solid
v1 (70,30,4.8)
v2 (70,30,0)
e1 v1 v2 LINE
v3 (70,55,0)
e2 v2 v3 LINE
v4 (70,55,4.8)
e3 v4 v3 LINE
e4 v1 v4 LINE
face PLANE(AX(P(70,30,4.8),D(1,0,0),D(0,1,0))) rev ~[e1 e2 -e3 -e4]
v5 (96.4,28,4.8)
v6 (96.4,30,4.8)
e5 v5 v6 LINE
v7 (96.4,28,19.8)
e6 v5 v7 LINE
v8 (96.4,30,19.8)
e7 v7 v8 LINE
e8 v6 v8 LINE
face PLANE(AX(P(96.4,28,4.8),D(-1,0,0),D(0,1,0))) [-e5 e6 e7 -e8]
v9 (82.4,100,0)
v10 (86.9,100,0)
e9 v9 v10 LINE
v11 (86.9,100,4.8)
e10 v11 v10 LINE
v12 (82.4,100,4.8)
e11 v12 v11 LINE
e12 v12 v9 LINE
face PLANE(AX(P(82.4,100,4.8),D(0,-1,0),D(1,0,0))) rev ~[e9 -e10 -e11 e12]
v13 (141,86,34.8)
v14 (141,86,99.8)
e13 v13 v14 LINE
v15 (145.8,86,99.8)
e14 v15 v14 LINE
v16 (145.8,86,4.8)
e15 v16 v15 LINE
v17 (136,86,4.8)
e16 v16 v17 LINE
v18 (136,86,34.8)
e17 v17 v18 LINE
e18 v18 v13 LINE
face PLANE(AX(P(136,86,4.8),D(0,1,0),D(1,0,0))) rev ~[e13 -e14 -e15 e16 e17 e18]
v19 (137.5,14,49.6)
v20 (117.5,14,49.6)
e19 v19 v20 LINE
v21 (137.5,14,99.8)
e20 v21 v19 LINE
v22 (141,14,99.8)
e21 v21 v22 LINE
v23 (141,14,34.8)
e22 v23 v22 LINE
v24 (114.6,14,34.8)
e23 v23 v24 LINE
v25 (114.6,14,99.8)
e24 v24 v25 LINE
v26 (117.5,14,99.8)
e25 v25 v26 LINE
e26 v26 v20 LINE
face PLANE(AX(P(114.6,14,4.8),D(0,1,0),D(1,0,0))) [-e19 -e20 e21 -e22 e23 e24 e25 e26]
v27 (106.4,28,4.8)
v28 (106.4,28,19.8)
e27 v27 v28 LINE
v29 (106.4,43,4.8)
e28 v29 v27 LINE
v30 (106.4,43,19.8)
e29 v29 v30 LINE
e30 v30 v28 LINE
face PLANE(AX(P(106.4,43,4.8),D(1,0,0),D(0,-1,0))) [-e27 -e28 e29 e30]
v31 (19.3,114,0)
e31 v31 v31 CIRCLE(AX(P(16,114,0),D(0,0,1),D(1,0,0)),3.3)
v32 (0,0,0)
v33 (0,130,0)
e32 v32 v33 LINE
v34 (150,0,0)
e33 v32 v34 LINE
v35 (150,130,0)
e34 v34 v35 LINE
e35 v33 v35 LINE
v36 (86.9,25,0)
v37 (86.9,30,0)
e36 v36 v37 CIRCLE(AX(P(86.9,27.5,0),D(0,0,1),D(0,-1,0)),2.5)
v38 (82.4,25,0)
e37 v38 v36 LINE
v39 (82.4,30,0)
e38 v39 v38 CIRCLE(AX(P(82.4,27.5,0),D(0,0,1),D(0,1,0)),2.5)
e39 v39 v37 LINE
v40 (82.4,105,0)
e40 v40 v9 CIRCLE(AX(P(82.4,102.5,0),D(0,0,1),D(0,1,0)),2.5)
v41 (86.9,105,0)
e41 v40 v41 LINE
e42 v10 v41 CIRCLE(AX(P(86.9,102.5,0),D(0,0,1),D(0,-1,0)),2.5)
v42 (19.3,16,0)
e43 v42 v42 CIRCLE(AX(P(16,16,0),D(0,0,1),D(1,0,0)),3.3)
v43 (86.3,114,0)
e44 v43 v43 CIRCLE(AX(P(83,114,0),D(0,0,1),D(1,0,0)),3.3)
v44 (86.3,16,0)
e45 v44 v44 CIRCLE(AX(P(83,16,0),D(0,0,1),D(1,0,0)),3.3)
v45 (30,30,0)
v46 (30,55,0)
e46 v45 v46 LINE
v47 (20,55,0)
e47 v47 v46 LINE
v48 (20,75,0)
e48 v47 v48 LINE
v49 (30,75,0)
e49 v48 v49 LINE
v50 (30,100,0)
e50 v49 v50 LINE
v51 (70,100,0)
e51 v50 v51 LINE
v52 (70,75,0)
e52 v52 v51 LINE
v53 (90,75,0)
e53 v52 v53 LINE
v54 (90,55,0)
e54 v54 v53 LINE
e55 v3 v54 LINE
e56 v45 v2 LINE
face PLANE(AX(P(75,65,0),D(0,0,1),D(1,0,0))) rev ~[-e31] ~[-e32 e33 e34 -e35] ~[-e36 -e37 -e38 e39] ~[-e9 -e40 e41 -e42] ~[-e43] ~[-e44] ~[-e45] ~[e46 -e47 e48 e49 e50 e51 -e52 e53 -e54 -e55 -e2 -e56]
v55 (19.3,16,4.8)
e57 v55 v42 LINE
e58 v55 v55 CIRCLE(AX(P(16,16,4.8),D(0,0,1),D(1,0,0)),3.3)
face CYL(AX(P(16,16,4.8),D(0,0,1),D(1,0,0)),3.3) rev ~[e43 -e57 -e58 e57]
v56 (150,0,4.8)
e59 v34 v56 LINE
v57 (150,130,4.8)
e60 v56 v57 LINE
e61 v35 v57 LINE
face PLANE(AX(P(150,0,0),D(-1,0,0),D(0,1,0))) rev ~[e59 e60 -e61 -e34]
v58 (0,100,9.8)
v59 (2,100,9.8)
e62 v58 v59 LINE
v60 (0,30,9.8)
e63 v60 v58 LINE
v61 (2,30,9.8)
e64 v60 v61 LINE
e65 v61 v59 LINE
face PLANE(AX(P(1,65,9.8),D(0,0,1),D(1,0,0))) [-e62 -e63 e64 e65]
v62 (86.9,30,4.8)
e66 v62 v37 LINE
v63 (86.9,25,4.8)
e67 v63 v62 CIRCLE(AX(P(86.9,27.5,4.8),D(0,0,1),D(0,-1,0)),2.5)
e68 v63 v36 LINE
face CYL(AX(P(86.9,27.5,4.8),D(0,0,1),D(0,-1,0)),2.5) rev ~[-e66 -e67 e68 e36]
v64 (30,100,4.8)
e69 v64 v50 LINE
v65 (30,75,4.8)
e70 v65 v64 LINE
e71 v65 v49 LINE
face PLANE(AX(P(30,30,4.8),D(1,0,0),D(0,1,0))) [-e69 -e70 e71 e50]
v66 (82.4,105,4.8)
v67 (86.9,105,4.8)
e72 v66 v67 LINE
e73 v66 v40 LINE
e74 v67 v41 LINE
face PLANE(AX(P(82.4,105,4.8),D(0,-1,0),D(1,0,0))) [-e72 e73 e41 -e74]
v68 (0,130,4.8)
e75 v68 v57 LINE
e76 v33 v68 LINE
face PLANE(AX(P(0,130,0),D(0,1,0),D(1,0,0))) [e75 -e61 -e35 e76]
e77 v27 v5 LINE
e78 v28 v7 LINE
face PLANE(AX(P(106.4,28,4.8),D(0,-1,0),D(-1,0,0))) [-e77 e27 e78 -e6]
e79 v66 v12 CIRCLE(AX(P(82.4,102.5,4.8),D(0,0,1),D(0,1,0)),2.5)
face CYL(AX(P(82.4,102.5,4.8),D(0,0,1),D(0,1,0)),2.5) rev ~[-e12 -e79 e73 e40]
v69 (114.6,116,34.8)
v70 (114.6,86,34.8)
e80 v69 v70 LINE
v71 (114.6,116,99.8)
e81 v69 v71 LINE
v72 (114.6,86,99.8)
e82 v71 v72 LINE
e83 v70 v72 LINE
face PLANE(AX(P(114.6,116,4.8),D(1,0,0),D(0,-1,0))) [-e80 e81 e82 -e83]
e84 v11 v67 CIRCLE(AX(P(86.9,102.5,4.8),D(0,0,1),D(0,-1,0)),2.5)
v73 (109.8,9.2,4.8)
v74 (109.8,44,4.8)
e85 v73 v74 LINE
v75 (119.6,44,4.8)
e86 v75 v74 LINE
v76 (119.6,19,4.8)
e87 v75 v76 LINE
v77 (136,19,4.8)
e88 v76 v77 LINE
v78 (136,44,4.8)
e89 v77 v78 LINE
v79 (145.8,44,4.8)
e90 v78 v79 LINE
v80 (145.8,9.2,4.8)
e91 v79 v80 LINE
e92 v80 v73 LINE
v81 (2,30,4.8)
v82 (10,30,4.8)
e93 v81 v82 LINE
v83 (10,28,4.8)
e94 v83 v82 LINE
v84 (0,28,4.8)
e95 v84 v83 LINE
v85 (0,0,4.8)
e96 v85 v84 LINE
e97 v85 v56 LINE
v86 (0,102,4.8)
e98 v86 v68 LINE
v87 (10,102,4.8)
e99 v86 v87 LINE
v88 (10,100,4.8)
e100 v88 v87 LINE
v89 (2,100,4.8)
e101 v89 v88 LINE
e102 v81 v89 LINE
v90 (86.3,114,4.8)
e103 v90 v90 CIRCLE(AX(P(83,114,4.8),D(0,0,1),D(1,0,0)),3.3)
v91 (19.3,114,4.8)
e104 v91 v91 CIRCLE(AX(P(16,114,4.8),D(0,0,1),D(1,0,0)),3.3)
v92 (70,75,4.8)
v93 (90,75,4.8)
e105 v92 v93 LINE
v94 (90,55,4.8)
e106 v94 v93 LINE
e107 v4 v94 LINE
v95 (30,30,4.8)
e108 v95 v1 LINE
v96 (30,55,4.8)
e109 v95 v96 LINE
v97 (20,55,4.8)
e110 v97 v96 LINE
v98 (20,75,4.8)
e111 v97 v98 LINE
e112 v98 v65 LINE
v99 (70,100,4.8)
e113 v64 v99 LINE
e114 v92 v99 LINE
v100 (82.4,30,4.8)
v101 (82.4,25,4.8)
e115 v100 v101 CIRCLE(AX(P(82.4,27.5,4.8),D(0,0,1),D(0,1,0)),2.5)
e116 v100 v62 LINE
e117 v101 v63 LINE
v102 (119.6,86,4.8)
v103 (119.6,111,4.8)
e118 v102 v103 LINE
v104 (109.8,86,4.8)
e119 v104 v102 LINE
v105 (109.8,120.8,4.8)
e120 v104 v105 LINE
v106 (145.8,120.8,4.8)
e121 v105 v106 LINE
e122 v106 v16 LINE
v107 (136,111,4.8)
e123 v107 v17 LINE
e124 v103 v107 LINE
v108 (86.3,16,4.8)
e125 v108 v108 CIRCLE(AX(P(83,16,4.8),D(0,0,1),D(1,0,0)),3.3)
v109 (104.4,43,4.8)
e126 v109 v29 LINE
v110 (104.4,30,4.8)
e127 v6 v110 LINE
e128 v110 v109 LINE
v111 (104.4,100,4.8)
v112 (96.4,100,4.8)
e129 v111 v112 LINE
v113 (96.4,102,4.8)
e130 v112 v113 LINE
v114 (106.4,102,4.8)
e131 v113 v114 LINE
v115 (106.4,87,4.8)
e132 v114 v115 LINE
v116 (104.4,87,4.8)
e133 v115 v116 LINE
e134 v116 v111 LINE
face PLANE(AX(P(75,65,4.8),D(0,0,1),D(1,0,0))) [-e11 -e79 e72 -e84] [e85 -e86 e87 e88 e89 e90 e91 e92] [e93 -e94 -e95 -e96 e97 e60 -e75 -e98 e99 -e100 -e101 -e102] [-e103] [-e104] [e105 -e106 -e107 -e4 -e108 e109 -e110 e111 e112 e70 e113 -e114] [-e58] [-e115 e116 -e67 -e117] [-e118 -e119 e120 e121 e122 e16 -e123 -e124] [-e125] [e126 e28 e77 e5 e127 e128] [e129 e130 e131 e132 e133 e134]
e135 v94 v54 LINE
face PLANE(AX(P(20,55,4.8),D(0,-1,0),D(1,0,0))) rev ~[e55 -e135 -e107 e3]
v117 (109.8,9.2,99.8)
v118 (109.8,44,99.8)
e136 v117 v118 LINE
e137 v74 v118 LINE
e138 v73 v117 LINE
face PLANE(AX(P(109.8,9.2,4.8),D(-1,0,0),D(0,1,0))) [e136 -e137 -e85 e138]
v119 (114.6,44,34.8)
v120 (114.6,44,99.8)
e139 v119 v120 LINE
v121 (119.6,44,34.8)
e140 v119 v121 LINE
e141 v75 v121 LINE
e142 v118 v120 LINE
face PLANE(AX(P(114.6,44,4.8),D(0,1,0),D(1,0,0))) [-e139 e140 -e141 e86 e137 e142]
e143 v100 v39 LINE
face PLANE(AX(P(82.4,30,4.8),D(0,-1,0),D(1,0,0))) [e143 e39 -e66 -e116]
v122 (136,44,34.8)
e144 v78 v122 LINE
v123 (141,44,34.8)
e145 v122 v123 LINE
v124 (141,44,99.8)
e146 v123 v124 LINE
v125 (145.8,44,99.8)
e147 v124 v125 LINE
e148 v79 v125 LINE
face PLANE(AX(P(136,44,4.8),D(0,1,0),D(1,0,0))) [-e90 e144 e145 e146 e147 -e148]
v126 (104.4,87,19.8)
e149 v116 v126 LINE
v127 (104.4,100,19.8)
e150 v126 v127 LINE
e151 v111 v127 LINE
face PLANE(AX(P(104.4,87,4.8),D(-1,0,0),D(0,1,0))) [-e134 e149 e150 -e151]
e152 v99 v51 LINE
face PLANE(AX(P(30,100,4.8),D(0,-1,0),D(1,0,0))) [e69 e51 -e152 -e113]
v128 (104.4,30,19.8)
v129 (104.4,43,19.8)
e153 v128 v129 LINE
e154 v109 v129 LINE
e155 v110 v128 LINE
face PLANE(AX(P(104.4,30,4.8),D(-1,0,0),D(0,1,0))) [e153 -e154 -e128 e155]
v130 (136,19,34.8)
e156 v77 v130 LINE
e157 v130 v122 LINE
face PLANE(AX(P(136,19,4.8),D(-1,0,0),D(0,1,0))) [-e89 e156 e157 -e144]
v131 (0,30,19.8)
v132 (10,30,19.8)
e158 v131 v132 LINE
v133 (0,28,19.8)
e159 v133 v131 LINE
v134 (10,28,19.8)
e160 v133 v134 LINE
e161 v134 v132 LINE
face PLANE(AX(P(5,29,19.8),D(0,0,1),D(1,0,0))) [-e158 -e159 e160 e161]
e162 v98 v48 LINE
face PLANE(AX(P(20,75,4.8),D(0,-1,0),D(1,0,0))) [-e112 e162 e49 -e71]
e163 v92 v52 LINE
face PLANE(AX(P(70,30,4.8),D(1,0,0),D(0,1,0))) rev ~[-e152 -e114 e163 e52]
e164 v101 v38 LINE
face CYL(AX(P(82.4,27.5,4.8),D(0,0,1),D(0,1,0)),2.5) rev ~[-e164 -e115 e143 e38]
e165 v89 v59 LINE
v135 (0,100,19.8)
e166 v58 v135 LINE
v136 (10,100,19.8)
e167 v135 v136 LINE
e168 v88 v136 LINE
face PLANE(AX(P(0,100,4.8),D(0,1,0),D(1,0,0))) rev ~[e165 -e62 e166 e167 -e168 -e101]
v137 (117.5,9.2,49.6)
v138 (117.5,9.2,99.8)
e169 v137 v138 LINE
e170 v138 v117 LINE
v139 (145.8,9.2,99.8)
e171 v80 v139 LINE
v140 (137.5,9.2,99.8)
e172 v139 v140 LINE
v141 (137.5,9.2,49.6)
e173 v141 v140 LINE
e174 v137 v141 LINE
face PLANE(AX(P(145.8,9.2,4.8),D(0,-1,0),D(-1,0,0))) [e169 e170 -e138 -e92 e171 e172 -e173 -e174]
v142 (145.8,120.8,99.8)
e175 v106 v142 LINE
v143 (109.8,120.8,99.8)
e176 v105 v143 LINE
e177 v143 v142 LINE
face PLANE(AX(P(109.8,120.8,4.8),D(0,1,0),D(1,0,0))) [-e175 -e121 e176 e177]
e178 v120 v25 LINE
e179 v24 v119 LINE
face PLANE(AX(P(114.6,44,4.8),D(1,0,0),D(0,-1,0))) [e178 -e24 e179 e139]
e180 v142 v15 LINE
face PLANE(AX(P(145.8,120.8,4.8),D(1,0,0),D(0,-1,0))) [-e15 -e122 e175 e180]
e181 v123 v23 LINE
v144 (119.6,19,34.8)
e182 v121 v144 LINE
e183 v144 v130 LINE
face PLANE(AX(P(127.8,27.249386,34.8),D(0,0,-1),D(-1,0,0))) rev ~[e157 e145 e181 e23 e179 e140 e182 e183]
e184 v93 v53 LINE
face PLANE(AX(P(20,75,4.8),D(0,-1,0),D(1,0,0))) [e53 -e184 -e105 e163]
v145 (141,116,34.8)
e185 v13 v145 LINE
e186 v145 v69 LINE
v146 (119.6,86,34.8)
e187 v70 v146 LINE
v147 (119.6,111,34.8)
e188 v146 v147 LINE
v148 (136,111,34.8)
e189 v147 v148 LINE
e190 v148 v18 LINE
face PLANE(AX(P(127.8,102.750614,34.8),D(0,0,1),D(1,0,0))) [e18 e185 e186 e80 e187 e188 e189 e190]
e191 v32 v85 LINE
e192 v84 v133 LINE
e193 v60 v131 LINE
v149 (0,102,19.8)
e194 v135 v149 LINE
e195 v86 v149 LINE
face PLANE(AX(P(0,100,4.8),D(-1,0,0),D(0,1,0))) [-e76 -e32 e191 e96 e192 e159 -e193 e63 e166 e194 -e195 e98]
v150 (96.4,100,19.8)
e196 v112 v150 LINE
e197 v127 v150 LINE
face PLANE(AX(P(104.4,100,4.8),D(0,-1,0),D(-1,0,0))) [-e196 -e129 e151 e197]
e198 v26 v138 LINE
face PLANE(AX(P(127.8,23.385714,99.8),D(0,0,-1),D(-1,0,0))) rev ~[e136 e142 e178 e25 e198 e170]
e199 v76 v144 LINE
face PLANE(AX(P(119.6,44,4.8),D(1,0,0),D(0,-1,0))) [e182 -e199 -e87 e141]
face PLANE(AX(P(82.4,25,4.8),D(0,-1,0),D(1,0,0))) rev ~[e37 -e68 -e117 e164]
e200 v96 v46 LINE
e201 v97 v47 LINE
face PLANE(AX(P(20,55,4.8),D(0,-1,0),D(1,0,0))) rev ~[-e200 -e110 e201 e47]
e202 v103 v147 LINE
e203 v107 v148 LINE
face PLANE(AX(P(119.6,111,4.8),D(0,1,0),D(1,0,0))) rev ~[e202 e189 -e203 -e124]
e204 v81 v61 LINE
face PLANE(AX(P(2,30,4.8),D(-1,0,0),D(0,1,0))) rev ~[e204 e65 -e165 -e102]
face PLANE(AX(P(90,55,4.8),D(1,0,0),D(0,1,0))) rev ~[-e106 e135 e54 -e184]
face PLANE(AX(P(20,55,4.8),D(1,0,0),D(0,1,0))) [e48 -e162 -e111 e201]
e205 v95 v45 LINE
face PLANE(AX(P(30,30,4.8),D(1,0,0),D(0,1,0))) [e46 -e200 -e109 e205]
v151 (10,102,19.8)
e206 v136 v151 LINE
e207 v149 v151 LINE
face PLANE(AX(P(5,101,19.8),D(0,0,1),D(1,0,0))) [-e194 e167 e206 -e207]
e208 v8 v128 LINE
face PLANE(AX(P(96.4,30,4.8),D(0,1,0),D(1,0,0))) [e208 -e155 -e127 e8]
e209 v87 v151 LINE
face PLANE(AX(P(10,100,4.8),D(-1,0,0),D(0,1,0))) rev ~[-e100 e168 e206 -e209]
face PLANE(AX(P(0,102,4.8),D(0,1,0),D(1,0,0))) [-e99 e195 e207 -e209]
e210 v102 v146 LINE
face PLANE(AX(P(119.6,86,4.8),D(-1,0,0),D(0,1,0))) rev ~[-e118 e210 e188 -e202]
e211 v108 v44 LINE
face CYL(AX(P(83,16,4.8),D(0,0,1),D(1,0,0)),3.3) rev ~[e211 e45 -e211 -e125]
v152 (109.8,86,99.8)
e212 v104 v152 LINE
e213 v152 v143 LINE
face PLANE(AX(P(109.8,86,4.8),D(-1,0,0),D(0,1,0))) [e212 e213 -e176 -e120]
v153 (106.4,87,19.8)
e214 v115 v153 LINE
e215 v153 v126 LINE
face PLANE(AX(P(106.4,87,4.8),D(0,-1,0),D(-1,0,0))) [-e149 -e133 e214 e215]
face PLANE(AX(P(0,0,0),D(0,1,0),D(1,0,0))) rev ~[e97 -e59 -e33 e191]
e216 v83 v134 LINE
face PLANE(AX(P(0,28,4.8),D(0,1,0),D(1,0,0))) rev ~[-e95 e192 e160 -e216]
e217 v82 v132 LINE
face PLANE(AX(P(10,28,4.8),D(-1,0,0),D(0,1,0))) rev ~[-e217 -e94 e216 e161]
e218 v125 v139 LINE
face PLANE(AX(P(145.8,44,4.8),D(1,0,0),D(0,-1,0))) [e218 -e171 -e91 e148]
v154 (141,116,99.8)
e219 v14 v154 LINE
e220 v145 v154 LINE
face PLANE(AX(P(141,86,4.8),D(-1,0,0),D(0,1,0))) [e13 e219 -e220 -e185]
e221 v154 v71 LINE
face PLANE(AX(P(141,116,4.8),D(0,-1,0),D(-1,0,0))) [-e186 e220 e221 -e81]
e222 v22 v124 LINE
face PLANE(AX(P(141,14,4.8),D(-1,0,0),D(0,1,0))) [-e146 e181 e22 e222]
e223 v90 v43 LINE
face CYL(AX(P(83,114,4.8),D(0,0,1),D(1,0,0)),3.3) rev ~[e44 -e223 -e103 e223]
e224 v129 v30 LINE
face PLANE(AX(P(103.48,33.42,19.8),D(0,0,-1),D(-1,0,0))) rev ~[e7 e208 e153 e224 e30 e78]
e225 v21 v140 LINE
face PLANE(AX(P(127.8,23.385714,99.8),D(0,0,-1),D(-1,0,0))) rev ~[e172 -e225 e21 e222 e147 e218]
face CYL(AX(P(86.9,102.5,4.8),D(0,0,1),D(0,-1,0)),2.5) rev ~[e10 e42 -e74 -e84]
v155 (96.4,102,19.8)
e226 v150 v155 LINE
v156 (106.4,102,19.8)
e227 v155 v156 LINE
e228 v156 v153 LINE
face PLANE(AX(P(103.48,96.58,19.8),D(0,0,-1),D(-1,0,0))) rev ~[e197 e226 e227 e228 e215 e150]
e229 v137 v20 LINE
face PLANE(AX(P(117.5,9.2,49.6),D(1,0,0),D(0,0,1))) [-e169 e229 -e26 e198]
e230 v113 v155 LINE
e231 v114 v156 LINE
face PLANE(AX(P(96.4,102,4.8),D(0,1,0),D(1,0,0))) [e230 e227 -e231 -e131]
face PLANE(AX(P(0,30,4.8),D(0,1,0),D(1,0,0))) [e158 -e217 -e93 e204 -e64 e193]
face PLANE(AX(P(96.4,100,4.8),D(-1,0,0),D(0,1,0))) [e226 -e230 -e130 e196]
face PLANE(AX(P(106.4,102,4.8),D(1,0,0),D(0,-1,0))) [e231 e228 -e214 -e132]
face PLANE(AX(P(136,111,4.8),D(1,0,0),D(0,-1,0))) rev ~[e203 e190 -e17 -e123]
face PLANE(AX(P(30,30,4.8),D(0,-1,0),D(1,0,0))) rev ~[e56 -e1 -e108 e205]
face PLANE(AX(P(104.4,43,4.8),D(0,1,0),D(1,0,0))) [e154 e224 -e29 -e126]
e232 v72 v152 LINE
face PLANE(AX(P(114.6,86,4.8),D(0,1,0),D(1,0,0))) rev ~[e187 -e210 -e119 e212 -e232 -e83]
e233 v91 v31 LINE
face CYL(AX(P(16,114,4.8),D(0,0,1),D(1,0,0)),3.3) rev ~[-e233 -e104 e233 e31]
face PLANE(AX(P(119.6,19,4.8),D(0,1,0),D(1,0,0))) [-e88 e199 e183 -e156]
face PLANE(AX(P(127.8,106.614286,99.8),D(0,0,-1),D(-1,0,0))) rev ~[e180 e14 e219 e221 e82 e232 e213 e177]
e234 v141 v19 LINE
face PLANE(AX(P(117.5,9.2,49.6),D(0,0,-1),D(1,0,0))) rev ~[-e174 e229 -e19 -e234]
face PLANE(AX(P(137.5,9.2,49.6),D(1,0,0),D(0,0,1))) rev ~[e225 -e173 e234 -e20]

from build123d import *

# Parameters (mm, degrees)
SKETCH_W            = 150
SKETCH_H            = 130
PAD_DEPTH           = 4.8
SKETCH001_R         = 3.3
POCKET_DEPTH        = 4.801
MIRROREDSKETCH_R    = 3.3
POCKET001_DEPTH     = 4.801
MIRROREDSKETCH001_R = 3.3
POCKET002_DEPTH     = 4.801
MIRROREDSKETCH002_R = 3.3
POCKET003_DEPTH     = 4.801
SKETCH002_W         = 2
SKETCH002_H         = 70
PAD001_DEPTH        = 5
SKETCH003_W         = 10
SKETCH003_H         = 2
PAD002_DEPTH        = 15
MIRROREDSKETCH003_W = 10
MIRROREDSKETCH003_H = 2
PAD003_DEPTH        = 15
PAD004_DEPTH        = 15
PAD005_DEPTH        = 15
PAD006_DEPTH        = 95
PAD007_DEPTH        = 95
SKETCH007_W         = 20
SKETCH007_H         = 60
POCKET004_DEPTH     = 5
PAD008_DEPTH        = 30
PAD009_DEPTH        = 30
SKETCH009_W         = 40
SKETCH009_H         = 70
POCKET005_DEPTH     = 4.801
SKETCH010_W         = 70
SKETCH010_H         = 20
POCKET006_DEPTH     = 4.801
POCKET007_DEPTH     = 4.801
POCKET008_DEPTH     = 4.801


with BuildPart() as part:
    # Sketch → Pad (new body)
    with BuildSketch(Plane.XY):
        with Locations((75, 65)):
            Rectangle(SKETCH_W, SKETCH_H)
    extrude(amount=PAD_DEPTH)

    # Sketch001 (on Face6 of Pad) → Pocket (cut, through all)
    with BuildSketch(Plane.XY.offset(4.8)):
        with Locations((16, 16)):
            Circle(SKETCH001_R)
    extrude(amount=-POCKET_DEPTH, mode=Mode.SUBTRACT)

    # MirroredSketch → Pocket001 (cut, through all)
    with BuildSketch(Plane.XY.offset(4.8)):
        with Locations((16, 114)):
            Circle(MIRROREDSKETCH_R)
    extrude(amount=-POCKET001_DEPTH, mode=Mode.SUBTRACT)

    # MirroredSketch001 → Pocket002 (cut, through all)
    with BuildSketch(Plane.XY.offset(4.8)):
        with Locations((83, 16)):
            Circle(MIRROREDSKETCH001_R)
    extrude(amount=-POCKET002_DEPTH, mode=Mode.SUBTRACT)

    # MirroredSketch002 → Pocket003 (cut, through all)
    with BuildSketch(Plane.XY.offset(4.8)):
        with Locations((83, 114)):
            Circle(MIRROREDSKETCH002_R)
    extrude(amount=-POCKET003_DEPTH, mode=Mode.SUBTRACT)

    # Sketch002 (on Face5 of Pocket003) → Pad001 (join)
    with BuildSketch(Plane.XY.offset(4.8)):
        with Locations((1, 65)):
            Rectangle(SKETCH002_W, SKETCH002_H)
    extrude(amount=PAD001_DEPTH)

    # Sketch003 (on Face5 of Pad001) → Pad002 (join)
    with BuildSketch(Plane.XY.offset(4.8)):
        with Locations((5, 29)):
            Rectangle(SKETCH003_W, SKETCH003_H)
    extrude(amount=PAD002_DEPTH)

    # MirroredSketch003 → Pad003 (join)
    with BuildSketch(Plane.XY.offset(4.8)):
        with Locations((5, 101)):
            Rectangle(MIRROREDSKETCH003_W, MIRROREDSKETCH003_H)
    extrude(amount=PAD003_DEPTH)

    # Sketch004 (on Face5 of Pad003) → Pad004 (join)
    with BuildSketch(Plane.XY.offset(4.8)):
        Polygon((96.4, 100), (96.4, 102), (106.4, 102), (106.4, 87), (104.4, 87), (104.4, 100), align=None)
    extrude(amount=PAD004_DEPTH)

    # Sketch005 (on Face5 of Pad004) → Pad005 (join)
    with BuildSketch(Plane.XY.offset(4.8)):
        Polygon((96.4, 30), (104.4, 30), (104.4, 43), (106.4, 43), (106.4, 28), (96.4, 28), align=None)
    extrude(amount=PAD005_DEPTH)

    # Sketch006 (on Face5 of Pad005) → Pad006 (join)
    with BuildSketch(Plane.XY.offset(4.8)):
        Polygon((109.8, 86), (109.8, 120.8), (145.8, 120.8), (145.8, 86), (141, 86), (141, 116), (114.6, 116), (114.6, 86), align=None)
    extrude(amount=PAD006_DEPTH)

    # MirroredSketch005 → Pad007 (join)
    with BuildSketch(Plane.XY.offset(4.8)):
        Polygon((145.8, 44), (145.8, 9.2), (109.8, 9.2), (109.8, 44), (114.6, 44), (114.6, 14), (141, 14), (141, 44), align=None)
    extrude(amount=PAD007_DEPTH)

    # Sketch007 (on Face33 of Pad007) → Pocket004 (cut)
    with BuildSketch(Plane.XZ.offset(-9.2)):
        with Locations((127.5, 79.6)):
            Rectangle(SKETCH007_W, SKETCH007_H)
    extrude(amount=-POCKET004_DEPTH, mode=Mode.SUBTRACT)

    # Sketch008 (on Face5 of Pocket004) → Pad008 (join)
    with BuildSketch(Plane.XY.offset(4.8)):
        Polygon((114.6, 86), (119.6, 86), (119.6, 111), (136, 111), (136, 86), (141, 86), (141, 116), (114.6, 116), align=None)
    extrude(amount=PAD008_DEPTH)

    # MirroredSketch006 → Pad009 (join)
    with BuildSketch(Plane.XY.offset(4.8)):
        Polygon((114.6, 44), (119.6, 44), (119.6, 19), (136, 19), (136, 44), (141, 44), (141, 14), (114.6, 14), align=None)
    extrude(amount=PAD009_DEPTH)

    # Sketch009 (on Face5 of Pad009) → Pocket005 (cut, through all)
    with BuildSketch(Plane.XY.offset(4.8)):
        with Locations((50, 65)):
            Rectangle(SKETCH009_W, SKETCH009_H)
    extrude(amount=-POCKET005_DEPTH, mode=Mode.SUBTRACT)

    # Sketch010 (on Face5 of Pocket005) → Pocket006 (cut, through all)
    with BuildSketch(Plane.XY.offset(4.8)):
        with Locations((55, 65)):
            Rectangle(SKETCH010_W, SKETCH010_H)
    extrude(amount=-POCKET006_DEPTH, mode=Mode.SUBTRACT)

    # Sketch011 (on Face5 of Pocket006) → Pocket007 (cut, through all)
    with BuildSketch(Plane.XY.offset(4.8)):
        with BuildLine():
            ThreePointArc((82.4, 30), (79.9, 27.5), (82.4, 25))
            Line((82.4, 25), (86.9, 25))
            ThreePointArc((86.9, 25), (89.4, 27.5), (86.9, 30))
            Line((82.4, 30), (86.9, 30))
        make_face()
    extrude(amount=-POCKET007_DEPTH, mode=Mode.SUBTRACT)

    # MirroredSketch007 → Pocket008 (cut, through all)
    with BuildSketch(Plane.XY.offset(4.8)):
        with BuildLine():
            ThreePointArc((82.4, 105), (79.9, 102.5), (82.4, 100))
            Line((82.4, 100), (86.9, 100))
            ThreePointArc((86.9, 100), (89.4, 102.5), (86.9, 105))
            Line((82.4, 105), (86.9, 105))
        make_face()
    extrude(amount=-POCKET008_DEPTH, mode=Mode.SUBTRACT)


solid = part.part
